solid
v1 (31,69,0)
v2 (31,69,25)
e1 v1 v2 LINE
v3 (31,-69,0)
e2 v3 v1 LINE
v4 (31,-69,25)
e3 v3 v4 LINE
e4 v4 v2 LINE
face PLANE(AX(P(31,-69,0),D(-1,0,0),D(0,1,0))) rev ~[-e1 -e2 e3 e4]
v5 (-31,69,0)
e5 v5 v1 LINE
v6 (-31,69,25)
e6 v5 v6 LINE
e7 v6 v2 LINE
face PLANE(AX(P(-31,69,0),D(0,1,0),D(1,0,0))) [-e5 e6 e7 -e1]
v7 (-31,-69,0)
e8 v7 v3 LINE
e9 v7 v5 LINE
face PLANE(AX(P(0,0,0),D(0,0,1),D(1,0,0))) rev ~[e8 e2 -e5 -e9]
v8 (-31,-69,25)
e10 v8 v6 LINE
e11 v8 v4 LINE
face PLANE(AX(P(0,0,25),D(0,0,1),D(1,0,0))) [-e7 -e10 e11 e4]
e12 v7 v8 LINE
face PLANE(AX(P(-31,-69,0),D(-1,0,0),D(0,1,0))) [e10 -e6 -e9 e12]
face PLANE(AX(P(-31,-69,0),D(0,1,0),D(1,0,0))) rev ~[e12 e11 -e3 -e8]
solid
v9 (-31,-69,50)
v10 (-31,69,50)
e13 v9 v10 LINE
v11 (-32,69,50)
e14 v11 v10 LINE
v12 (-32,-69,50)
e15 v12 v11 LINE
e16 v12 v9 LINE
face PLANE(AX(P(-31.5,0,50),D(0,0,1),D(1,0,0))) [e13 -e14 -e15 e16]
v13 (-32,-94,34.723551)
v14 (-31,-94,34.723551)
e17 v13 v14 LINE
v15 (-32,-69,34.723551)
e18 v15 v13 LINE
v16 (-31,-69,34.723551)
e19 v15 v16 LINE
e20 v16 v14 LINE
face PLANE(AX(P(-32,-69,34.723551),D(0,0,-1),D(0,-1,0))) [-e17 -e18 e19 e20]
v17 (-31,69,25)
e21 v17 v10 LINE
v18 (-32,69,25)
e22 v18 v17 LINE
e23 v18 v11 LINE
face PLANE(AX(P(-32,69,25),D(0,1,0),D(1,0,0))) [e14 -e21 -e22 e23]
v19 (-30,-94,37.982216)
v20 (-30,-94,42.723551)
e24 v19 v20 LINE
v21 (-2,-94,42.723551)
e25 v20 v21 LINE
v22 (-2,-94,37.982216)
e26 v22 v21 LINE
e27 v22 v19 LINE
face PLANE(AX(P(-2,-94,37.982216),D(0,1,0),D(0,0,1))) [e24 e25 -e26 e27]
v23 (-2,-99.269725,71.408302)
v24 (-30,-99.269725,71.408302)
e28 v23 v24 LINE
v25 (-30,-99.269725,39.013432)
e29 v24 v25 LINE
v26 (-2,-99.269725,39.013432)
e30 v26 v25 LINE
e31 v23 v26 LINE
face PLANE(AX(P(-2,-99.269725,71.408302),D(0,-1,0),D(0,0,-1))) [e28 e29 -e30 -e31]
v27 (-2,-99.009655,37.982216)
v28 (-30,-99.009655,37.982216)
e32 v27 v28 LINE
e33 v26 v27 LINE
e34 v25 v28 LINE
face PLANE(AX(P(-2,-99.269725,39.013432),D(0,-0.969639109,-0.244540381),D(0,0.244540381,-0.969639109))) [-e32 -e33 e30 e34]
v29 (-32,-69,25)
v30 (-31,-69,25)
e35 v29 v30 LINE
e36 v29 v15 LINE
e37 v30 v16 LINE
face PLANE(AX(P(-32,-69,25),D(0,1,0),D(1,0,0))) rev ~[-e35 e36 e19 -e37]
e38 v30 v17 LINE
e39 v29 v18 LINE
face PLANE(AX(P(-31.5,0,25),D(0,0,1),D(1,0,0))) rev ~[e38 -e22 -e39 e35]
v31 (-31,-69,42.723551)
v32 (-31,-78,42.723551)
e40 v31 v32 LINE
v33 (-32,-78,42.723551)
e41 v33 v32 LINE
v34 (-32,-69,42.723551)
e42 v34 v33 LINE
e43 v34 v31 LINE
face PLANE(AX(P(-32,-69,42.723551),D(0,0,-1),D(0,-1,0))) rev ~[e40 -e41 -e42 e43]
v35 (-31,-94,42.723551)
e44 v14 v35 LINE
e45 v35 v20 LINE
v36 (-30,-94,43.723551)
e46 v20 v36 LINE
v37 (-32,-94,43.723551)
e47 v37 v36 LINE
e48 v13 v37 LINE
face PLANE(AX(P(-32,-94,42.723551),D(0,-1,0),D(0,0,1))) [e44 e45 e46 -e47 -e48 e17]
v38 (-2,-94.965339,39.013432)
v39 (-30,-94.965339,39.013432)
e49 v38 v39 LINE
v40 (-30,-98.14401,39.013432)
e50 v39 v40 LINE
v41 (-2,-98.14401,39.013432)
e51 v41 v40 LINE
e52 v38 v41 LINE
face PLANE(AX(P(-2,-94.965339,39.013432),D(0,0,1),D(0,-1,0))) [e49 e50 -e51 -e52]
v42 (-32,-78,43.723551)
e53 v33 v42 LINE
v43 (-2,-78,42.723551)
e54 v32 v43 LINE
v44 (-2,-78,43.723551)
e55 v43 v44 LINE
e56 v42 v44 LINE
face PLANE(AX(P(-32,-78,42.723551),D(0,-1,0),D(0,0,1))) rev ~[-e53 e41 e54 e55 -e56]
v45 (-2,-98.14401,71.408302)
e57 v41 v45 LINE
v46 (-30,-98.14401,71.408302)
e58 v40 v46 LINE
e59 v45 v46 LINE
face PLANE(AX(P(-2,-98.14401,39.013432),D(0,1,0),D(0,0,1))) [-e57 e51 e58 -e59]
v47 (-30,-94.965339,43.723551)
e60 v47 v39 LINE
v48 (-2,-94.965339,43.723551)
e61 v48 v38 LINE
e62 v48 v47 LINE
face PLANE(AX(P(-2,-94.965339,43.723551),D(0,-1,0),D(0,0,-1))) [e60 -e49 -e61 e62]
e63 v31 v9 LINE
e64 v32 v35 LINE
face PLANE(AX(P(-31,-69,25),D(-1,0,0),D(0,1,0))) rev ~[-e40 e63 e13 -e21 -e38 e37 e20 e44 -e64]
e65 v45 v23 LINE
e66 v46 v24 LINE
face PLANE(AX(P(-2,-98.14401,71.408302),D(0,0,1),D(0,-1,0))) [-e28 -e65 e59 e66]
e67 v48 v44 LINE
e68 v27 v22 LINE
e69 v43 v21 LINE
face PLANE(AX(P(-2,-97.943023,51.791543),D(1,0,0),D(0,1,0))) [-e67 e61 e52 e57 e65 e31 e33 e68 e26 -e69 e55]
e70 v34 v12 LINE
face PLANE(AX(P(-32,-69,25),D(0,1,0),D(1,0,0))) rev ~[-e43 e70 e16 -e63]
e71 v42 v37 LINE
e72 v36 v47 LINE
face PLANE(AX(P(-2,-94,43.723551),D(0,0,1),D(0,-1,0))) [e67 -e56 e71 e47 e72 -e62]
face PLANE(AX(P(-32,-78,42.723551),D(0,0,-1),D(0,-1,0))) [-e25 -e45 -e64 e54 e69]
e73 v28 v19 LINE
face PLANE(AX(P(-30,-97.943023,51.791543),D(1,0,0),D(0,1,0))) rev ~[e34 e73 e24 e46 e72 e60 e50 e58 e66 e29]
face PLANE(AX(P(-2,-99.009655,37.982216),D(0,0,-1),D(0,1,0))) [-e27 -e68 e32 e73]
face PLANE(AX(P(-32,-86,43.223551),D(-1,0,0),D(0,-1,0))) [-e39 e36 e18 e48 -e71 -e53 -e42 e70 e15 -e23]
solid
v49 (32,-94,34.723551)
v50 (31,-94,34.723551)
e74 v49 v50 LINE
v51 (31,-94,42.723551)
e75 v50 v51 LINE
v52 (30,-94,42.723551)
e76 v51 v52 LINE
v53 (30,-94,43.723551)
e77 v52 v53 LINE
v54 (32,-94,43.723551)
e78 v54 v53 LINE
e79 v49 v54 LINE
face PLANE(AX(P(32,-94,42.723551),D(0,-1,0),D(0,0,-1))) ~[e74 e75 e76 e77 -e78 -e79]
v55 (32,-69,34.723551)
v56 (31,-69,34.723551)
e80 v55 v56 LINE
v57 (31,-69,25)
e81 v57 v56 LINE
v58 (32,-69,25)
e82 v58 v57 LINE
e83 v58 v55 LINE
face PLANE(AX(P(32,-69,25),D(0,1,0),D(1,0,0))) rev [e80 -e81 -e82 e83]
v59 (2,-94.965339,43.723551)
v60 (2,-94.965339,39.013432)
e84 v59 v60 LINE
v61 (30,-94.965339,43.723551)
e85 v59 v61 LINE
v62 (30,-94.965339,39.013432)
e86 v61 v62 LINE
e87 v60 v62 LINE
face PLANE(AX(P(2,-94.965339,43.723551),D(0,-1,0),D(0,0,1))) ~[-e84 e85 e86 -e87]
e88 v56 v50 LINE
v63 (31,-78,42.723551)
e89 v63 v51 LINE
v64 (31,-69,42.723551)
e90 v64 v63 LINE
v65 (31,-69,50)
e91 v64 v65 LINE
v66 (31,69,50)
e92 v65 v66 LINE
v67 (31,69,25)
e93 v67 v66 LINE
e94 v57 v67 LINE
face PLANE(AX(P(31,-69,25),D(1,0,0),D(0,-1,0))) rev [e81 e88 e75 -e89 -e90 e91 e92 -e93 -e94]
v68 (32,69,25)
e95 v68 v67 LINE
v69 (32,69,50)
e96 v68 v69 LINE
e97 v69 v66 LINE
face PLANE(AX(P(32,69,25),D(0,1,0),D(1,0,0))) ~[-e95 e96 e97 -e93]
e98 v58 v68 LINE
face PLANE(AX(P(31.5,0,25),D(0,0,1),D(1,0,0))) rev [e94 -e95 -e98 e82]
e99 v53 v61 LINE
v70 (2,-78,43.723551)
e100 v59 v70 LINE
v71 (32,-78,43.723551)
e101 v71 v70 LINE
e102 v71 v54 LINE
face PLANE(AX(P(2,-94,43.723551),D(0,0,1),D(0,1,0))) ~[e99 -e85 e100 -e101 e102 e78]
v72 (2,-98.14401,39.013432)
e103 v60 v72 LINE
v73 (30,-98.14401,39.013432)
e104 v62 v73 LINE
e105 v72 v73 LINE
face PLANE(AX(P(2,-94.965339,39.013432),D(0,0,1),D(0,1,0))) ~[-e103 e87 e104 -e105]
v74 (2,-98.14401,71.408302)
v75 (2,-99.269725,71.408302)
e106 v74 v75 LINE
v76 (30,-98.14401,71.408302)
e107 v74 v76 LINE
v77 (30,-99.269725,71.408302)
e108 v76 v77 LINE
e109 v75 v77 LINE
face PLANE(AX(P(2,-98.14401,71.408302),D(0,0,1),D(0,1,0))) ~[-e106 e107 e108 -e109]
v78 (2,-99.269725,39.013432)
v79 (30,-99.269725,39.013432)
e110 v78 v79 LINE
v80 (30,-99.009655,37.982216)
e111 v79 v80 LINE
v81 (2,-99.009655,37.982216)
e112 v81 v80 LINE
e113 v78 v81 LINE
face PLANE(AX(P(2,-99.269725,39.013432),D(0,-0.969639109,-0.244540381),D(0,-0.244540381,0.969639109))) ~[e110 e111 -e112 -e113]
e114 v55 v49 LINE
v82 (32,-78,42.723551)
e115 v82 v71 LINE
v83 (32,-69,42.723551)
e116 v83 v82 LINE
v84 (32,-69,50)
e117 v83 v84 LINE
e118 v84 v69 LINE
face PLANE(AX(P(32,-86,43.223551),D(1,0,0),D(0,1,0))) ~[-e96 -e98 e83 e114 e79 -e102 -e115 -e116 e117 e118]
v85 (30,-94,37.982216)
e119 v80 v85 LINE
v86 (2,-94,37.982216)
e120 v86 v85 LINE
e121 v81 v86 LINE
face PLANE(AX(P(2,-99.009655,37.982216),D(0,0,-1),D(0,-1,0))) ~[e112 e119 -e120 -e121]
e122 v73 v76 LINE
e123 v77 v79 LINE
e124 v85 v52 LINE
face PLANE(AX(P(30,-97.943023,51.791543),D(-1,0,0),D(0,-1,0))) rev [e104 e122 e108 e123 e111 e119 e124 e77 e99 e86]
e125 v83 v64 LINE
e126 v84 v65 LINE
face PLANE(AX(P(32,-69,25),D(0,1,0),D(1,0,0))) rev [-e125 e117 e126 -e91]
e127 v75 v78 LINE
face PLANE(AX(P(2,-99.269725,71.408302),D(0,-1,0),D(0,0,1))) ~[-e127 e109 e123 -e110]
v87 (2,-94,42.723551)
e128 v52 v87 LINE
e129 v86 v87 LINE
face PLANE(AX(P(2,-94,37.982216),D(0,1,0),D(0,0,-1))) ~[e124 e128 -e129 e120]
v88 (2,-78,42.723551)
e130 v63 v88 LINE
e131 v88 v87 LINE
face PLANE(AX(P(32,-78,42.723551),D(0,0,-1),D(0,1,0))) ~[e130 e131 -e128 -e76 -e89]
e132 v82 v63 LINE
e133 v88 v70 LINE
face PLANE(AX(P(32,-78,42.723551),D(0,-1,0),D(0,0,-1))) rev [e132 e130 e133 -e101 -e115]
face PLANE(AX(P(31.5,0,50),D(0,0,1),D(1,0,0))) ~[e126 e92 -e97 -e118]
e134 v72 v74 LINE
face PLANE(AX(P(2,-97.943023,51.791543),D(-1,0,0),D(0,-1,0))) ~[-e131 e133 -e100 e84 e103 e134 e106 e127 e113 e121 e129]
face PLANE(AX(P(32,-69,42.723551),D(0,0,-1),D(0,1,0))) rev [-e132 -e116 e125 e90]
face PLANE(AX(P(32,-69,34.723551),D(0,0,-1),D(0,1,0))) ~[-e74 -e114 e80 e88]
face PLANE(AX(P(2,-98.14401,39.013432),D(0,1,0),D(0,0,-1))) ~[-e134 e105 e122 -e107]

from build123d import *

# Parameters (mm, degrees)
F0_W      = 62
F0_H      = 138
F1_DEPTH  = 25
F2_W      = 1
F2_H      = 138
F3_DEPTH  = 25
F5_W      = 25
F5_H      = 8
F6_DEPTH  = 1
F7_W      = 16
F7_H      = 1
F8_DEPTH  = 30
F10_DEPTH = 28


with BuildPart() as f1:
    # F0 (on Top) → F1 (new body)
    with BuildSketch(Plane.XY):
        Rectangle(F0_W, F0_H)
    extrude(amount=F1_DEPTH)


with BuildPart() as f3:
    # F2 (on face) → F3 (new body)
    with BuildSketch(Plane.XY.offset(25)):
        with Locations((-31.5, 0)):
            Rectangle(F2_W, F2_H)
    extrude(amount=F3_DEPTH)

    # F5 (on face) → F6 (join, through all)
    with BuildSketch(Plane(origin=(-32, 0, 0), x_dir=(0, -1, 0), z_dir=(-1, 0, 0))):
        with Locations((81.5, 38.7235513926)):
            Rectangle(F5_W, F5_H)
    extrude(amount=-F6_DEPTH)

    # F7 (on face) → F8 (join)
    with BuildSketch(Plane(origin=(-32, 0, 0), x_dir=(0, -1, 0), z_dir=(-1, 0, 0))):
        with Locations((86, 43.2235513926)):
            Rectangle(F7_W, F7_H)
    extrude(amount=-F8_DEPTH)

    # F9 (on face) → F10 (join)
    with BuildSketch(Plane.YZ.offset(-2)):
        Polygon((-94, 42.7235513926), (-94, 43.7235513926), (-94.965338707, 43.7235513926), (-94.965338707, 39.0134323388), (-98.1440097094, 39.0134323388), (-98.1440097094, 71.4083015919), (-99.2697253823, 71.4083015919), (-99.2697253823, 39.0134323388), (-99.009655416, 37.9822161049), (-94.965338707, 37.9822161049), (-94, 37.9822161049), align=None)
    extrude(amount=-F10_DEPTH)


with BuildPart() as f3b:
    # F2 (on face) → F3, piece 2 (new body)
    with BuildSketch(Plane.XY.offset(25)):
        with Locations((31.5, 0)):
            Rectangle(F2_W, F2_H)
    extrude(amount=F3_DEPTH)


with BuildPart() as f12_1:
    # F12: instance of F3
    add(f3.part.mirror(Plane.YZ))


solid = Compound([f1.part, f3.part, f12_1.part])
